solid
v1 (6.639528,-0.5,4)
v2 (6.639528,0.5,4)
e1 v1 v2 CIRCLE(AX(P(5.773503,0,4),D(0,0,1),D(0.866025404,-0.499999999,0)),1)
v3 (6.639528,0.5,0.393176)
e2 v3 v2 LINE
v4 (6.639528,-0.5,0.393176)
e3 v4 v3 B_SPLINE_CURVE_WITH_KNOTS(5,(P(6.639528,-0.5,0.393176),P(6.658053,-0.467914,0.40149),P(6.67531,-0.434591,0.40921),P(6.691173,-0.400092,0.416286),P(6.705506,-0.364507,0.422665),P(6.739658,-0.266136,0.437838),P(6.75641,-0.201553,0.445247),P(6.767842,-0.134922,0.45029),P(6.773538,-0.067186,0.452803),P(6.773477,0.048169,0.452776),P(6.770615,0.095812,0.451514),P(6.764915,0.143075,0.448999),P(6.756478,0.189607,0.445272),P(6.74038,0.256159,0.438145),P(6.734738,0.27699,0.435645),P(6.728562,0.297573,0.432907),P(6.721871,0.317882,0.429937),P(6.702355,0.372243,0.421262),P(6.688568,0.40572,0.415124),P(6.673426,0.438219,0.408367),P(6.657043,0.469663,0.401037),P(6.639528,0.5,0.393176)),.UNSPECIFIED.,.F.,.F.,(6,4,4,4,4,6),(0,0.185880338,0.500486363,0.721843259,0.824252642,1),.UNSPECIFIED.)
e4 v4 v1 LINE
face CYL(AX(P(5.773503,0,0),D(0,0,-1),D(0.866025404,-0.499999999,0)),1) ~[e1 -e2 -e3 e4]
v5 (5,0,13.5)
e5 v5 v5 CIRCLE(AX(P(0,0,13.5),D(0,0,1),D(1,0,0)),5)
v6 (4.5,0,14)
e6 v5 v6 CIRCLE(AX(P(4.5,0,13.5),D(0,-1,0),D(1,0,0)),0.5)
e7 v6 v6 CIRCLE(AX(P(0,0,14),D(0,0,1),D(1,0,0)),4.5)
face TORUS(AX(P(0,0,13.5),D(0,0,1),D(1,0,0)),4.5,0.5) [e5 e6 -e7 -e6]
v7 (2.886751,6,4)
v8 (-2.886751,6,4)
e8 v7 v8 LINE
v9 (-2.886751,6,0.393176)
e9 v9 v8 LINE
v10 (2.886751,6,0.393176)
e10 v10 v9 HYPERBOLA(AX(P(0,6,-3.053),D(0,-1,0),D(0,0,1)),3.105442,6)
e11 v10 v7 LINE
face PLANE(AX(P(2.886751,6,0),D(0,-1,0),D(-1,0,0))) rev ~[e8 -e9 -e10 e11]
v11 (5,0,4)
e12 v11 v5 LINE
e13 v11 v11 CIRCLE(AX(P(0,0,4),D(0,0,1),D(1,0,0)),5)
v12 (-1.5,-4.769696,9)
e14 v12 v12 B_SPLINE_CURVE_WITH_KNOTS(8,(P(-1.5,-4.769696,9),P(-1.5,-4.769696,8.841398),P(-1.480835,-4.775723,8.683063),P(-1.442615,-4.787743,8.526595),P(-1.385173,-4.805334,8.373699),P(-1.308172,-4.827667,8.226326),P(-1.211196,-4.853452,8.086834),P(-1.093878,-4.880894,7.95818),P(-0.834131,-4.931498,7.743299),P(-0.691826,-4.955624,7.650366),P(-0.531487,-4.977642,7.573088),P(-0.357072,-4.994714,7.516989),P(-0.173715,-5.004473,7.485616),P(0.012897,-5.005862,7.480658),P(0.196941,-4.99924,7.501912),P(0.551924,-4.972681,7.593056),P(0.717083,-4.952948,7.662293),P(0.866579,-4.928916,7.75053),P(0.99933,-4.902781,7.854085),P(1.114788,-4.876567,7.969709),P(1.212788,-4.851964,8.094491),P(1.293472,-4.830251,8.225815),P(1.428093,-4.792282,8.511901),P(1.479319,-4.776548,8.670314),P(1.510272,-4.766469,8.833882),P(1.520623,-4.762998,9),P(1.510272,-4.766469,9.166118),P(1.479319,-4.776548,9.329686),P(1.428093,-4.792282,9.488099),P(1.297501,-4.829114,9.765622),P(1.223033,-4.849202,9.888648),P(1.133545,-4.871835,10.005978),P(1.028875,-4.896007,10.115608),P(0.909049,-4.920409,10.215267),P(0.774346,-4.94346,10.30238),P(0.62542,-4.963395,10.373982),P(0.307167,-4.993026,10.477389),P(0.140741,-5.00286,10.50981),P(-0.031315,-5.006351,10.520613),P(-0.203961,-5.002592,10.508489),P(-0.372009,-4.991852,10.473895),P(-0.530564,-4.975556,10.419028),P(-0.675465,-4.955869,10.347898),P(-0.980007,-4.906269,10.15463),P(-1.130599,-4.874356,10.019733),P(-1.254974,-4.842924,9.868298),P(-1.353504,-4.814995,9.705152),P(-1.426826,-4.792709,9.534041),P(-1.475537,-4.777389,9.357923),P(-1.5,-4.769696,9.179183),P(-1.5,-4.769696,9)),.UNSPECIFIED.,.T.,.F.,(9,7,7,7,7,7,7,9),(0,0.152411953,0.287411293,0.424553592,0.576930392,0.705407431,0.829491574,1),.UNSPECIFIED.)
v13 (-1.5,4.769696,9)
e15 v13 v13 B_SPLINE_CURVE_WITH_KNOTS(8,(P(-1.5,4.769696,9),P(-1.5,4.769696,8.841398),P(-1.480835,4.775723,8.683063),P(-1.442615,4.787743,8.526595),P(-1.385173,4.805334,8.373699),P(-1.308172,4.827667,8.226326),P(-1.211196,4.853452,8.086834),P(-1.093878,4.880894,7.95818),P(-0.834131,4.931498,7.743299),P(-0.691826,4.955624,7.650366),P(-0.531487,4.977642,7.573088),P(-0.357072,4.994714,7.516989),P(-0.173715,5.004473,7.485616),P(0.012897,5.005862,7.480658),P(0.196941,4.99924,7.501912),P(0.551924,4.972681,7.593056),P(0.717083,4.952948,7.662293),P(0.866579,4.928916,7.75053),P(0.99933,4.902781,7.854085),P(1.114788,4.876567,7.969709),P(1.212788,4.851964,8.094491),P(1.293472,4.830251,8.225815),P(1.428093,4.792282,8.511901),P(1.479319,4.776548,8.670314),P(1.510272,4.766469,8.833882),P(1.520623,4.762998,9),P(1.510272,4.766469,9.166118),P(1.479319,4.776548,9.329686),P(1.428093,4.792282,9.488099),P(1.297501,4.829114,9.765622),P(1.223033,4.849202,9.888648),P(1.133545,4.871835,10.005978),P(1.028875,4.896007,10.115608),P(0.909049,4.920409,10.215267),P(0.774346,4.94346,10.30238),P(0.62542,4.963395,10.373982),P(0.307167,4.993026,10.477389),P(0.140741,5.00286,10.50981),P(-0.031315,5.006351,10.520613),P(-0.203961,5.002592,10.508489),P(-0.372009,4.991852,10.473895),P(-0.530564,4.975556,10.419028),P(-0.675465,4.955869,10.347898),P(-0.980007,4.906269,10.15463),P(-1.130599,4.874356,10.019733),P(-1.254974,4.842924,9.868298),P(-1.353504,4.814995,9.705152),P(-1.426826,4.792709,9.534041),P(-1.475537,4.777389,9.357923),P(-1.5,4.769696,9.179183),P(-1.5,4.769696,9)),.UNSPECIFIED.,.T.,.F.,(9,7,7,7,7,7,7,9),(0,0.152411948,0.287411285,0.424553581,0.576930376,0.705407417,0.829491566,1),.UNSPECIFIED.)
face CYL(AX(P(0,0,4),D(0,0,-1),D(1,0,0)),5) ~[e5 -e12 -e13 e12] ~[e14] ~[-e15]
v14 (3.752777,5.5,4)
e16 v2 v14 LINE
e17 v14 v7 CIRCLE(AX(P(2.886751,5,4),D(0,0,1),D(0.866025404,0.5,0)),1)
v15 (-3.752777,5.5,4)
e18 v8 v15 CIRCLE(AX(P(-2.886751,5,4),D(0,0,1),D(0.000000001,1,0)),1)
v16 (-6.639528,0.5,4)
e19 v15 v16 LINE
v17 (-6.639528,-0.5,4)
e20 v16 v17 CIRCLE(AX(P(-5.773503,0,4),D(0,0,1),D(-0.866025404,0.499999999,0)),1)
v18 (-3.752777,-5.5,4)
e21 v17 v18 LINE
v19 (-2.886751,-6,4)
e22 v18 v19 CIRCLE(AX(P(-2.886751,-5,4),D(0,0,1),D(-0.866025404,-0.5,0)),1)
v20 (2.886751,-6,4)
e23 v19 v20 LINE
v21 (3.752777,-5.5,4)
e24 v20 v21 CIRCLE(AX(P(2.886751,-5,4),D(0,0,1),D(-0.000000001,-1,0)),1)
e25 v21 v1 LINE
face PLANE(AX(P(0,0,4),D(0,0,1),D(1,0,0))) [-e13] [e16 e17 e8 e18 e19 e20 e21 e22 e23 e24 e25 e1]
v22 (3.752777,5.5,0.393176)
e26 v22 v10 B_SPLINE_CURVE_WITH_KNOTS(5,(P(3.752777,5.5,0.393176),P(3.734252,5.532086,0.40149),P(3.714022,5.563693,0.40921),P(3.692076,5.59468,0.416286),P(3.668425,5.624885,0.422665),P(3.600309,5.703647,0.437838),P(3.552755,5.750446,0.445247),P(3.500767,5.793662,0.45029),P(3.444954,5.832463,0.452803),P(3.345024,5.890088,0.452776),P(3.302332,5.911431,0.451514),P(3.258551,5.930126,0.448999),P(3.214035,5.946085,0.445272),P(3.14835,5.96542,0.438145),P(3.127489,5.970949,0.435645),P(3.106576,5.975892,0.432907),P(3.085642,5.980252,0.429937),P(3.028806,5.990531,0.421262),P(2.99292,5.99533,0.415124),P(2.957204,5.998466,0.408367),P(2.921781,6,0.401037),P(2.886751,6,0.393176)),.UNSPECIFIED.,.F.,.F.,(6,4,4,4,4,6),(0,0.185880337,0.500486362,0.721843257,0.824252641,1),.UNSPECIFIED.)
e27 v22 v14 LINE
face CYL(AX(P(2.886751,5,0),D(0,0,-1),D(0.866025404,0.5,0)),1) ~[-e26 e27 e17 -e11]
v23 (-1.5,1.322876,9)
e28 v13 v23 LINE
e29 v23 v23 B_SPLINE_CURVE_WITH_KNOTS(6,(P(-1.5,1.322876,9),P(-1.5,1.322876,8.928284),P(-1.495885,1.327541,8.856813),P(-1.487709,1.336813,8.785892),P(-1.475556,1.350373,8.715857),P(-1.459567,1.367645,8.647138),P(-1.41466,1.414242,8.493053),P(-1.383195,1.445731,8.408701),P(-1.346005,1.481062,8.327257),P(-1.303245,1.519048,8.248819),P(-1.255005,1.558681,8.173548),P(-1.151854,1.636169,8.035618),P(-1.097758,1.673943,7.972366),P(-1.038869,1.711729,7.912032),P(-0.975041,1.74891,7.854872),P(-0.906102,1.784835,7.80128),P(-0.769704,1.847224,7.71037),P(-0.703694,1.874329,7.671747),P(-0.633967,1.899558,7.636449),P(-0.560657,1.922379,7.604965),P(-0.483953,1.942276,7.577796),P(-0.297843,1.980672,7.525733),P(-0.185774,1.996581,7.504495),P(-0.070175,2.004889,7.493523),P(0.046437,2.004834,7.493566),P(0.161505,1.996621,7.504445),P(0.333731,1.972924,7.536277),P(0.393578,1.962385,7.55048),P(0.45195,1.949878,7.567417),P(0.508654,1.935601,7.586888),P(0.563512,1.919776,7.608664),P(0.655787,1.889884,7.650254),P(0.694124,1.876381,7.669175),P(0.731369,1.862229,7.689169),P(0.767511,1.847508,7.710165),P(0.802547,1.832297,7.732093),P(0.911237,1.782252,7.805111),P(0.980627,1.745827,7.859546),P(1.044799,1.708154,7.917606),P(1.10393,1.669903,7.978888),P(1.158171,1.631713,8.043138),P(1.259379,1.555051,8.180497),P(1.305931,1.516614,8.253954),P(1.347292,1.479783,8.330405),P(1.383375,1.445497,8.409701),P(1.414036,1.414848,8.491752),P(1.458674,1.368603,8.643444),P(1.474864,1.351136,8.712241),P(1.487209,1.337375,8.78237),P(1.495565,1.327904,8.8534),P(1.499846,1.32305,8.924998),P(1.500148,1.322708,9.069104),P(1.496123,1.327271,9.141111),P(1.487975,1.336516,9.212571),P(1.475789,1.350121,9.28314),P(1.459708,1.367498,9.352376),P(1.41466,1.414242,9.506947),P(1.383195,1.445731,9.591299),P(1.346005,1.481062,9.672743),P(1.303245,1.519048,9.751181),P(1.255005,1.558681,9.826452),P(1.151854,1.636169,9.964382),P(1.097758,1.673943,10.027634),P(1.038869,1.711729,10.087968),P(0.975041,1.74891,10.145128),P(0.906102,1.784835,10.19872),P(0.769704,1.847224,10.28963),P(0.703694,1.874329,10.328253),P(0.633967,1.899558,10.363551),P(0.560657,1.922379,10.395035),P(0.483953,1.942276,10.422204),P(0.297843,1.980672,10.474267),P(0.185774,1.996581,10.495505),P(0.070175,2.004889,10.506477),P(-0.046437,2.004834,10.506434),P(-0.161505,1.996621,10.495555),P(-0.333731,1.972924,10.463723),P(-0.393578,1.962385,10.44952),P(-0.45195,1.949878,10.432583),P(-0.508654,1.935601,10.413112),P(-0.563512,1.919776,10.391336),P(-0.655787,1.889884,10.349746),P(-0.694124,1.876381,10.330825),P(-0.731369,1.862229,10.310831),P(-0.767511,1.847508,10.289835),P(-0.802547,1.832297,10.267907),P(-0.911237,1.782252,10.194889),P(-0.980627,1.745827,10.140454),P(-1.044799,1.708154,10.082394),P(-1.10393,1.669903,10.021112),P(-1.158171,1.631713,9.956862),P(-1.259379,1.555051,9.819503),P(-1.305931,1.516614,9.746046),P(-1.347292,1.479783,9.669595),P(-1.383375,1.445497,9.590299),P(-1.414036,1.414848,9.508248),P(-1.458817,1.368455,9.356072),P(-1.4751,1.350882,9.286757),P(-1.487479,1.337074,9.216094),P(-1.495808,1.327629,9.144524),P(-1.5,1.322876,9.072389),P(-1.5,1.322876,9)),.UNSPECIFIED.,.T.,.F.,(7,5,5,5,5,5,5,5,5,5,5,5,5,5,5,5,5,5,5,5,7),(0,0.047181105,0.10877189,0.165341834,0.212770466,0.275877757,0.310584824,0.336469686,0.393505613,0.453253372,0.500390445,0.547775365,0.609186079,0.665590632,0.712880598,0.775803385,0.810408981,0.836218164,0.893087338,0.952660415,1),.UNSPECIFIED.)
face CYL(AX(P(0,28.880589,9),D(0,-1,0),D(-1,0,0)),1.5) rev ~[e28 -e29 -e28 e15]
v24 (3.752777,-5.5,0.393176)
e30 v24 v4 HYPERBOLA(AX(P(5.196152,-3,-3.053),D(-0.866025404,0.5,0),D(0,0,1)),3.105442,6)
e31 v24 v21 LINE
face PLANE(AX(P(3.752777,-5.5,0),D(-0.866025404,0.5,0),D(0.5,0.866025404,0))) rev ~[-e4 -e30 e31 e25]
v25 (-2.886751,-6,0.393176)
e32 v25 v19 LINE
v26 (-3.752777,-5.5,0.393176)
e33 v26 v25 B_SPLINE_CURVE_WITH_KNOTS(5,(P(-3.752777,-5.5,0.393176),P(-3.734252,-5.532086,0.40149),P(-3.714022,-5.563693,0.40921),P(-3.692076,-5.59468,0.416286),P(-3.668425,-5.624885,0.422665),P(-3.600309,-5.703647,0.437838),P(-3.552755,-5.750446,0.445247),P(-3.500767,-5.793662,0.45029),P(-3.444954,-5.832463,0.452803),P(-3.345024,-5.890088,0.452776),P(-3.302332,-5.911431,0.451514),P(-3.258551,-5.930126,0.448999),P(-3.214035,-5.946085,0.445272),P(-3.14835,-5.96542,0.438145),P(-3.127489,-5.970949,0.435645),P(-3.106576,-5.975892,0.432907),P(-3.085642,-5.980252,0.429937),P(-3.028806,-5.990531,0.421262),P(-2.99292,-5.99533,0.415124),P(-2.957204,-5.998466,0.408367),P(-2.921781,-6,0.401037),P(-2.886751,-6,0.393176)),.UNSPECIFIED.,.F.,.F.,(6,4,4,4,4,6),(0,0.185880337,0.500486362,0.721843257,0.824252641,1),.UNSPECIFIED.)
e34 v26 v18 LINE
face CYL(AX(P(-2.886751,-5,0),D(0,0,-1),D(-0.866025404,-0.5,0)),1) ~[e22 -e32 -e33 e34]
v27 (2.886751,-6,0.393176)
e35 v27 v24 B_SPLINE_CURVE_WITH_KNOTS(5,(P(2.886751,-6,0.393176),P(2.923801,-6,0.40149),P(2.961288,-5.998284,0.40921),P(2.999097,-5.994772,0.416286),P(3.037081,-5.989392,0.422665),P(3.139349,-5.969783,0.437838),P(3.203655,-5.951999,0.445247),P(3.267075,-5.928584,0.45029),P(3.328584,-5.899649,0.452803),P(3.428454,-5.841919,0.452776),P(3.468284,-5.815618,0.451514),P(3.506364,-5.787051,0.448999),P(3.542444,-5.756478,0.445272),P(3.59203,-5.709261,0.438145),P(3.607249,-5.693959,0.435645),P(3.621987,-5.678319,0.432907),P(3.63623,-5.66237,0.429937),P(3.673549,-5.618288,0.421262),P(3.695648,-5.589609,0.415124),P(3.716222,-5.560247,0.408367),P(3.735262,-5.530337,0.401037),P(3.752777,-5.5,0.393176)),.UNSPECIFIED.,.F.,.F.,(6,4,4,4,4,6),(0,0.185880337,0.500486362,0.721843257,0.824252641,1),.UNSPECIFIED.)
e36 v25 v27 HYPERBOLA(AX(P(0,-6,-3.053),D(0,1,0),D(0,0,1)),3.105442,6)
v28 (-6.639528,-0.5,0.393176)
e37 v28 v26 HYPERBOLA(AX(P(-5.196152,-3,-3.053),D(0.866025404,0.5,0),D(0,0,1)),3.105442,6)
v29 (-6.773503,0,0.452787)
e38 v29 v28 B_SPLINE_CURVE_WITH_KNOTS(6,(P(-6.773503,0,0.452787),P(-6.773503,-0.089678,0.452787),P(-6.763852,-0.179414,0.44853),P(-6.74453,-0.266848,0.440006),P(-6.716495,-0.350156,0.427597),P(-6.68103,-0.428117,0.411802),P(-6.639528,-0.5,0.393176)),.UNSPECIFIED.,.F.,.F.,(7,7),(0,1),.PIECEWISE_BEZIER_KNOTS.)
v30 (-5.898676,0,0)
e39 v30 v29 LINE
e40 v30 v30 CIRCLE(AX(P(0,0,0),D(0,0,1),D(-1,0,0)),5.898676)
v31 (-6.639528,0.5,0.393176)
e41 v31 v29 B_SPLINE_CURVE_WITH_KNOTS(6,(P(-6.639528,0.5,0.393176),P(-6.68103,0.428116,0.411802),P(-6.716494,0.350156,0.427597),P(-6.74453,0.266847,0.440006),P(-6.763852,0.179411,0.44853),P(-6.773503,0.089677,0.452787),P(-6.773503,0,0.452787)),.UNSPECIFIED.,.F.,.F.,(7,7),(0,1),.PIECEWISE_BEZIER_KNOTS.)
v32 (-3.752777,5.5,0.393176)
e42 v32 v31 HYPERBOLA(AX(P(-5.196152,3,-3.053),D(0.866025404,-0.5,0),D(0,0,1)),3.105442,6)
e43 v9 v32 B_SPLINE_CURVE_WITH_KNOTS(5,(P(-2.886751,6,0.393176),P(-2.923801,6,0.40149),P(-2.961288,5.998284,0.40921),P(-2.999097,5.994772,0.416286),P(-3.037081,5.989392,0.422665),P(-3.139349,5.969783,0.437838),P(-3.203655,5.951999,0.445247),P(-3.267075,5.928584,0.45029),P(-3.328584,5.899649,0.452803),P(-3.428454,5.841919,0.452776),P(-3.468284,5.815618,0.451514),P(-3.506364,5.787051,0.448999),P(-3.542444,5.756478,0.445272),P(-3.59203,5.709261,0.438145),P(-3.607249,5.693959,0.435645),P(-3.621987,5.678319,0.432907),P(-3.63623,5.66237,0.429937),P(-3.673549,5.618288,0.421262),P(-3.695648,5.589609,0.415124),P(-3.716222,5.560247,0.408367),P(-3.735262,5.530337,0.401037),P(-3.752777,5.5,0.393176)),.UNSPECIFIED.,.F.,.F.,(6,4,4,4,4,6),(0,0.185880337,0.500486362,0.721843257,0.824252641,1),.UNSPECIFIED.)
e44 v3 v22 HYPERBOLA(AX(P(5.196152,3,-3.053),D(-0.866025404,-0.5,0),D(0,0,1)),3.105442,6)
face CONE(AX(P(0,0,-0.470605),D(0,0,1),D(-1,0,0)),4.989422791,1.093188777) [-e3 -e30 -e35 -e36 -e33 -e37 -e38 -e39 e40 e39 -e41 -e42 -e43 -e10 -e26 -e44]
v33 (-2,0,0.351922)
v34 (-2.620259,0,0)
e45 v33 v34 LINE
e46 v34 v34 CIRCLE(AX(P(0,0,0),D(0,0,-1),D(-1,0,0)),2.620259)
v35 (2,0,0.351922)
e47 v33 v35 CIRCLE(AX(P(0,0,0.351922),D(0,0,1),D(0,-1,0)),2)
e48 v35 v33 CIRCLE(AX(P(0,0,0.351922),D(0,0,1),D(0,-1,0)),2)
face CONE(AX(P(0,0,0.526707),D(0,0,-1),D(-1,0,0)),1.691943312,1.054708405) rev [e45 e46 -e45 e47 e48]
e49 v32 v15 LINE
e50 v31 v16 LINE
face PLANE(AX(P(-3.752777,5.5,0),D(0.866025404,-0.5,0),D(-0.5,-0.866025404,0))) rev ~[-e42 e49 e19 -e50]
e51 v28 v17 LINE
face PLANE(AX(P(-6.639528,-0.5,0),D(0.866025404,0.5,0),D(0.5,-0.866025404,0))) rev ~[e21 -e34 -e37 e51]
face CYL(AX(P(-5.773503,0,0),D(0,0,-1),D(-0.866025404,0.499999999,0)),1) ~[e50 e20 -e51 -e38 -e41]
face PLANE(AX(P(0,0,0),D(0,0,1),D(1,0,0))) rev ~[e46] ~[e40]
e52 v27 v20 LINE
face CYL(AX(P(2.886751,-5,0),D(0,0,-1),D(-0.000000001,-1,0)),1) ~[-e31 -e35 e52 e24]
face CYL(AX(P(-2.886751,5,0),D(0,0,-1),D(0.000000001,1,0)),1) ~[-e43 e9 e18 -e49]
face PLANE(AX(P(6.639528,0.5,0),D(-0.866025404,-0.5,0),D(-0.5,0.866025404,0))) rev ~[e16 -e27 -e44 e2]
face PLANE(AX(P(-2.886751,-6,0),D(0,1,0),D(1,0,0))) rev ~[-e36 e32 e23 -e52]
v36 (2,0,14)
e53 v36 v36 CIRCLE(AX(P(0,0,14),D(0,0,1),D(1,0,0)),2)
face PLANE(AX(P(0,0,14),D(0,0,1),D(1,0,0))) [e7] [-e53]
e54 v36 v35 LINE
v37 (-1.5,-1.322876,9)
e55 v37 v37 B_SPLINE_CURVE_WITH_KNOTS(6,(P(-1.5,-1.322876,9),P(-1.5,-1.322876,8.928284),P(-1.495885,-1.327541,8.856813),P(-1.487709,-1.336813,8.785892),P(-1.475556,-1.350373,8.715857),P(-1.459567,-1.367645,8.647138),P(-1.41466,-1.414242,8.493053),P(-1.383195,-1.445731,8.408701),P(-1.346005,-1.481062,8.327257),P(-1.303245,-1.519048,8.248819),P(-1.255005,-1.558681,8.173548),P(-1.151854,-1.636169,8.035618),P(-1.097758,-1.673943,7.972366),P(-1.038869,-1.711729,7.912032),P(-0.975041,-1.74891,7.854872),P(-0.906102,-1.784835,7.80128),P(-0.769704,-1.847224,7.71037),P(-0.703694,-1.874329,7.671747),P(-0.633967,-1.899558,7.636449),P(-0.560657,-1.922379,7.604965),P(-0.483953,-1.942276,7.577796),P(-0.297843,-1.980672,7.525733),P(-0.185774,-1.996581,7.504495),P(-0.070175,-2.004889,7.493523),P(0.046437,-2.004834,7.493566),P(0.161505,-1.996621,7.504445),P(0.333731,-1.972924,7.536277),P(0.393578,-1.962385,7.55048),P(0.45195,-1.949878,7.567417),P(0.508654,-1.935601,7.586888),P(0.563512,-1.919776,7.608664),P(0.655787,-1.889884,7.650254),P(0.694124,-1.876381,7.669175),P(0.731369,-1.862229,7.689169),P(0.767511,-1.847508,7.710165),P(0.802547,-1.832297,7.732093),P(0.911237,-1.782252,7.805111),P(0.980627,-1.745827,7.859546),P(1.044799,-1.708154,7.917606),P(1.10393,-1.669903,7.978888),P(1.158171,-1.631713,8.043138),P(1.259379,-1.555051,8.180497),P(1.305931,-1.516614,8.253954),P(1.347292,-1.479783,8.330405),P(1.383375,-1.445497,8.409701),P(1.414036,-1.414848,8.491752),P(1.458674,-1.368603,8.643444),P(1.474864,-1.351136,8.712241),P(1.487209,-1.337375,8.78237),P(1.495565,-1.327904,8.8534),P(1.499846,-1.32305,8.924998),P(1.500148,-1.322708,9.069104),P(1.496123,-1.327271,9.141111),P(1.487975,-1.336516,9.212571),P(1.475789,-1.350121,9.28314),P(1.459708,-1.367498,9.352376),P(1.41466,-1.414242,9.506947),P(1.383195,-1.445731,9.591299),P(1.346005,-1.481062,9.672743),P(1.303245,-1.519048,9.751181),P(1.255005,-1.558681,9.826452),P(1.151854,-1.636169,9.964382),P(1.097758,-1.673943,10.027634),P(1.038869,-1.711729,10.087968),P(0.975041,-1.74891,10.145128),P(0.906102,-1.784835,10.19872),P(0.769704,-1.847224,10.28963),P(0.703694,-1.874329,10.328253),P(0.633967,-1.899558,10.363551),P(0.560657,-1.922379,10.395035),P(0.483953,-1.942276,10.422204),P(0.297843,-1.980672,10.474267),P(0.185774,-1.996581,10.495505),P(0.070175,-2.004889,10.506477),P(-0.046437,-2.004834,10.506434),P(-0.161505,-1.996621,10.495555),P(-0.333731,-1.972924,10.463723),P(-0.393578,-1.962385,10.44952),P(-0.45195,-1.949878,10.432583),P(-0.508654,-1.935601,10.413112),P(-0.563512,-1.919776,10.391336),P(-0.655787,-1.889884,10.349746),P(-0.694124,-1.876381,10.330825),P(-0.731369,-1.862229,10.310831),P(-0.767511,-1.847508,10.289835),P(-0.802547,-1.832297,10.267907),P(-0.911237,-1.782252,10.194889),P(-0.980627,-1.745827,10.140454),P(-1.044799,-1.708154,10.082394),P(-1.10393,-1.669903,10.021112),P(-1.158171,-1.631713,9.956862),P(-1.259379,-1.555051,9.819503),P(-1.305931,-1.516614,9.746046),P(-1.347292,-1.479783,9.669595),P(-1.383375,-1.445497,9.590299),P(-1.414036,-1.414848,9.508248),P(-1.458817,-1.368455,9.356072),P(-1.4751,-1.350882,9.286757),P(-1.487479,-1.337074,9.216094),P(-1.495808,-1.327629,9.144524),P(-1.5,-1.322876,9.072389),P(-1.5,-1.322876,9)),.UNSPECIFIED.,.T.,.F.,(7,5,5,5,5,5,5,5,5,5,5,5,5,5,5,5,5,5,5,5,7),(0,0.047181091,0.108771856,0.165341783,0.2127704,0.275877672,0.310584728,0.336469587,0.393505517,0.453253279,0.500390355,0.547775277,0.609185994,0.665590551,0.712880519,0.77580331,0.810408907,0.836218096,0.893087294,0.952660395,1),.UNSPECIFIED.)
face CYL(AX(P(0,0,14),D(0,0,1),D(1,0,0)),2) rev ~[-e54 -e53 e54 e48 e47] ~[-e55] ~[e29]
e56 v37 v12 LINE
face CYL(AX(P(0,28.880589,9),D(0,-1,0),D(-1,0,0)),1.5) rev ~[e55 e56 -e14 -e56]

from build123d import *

# Parameters (mm, degrees)
BOSS_EXTRUDE1_DEPTH   = 4
SKETCH2_R             = 5
BOSS_EXTRUDE2_DEPTH   = 10
SKETCH3_R             = 2
CUT_EXTRUDE1_DEPTH    = 15
F_3_0MM_DOWEL_SLOT5_D = 3
FILLET1_R             = 0.5


with BuildPart() as part:
    # Sketch1 → Boss-Extrude1 (new body)
    with BuildSketch(Plane.XY):
        with BuildLine():
            Line((-2.886751346, -6), (2.886751346, -6))
            ThreePointArc((2.886751346, -6), (3.386751346, -5.866025404), (3.75277675, -5.5))
            Line((3.75277675, -5.5), (6.639528096, -0.5))
            ThreePointArc((6.639528096, -0.5), (6.773502692, 0), (6.639528096, 0.5))
            Line((6.639528096, 0.5), (3.75277675, 5.5))
            ThreePointArc((3.75277675, 5.5), (3.386751346, 5.866025404), (2.886751346, 6))
            Line((2.886751346, 6), (-2.886751346, 6))
            ThreePointArc((-2.886751346, 6), (-3.386751346, 5.866025404), (-3.75277675, 5.5))
            Line((-3.75277675, 5.5), (-6.639528096, 0.5))
            ThreePointArc((-6.639528096, 0.5), (-6.773502692, 0), (-6.639528096, -0.5))
            Line((-6.639528096, -0.5), (-3.75277675, -5.5))
            ThreePointArc((-3.75277675, -5.5), (-3.386751346, -5.866025404), (-2.886751346, -6))
        make_face()
    extrude(amount=BOSS_EXTRUDE1_DEPTH)

    # Sketch2 → Boss-Extrude2 (add)
    with BuildSketch(Plane.XY.offset(4)):
        Circle(SKETCH2_R)
    extrude(amount=BOSS_EXTRUDE2_DEPTH)

    # Sketch3 → Cut-Extrude1 (cut, through all)
    with BuildSketch(Plane.XY.offset(14)):
        Circle(SKETCH3_R)
    extrude(amount=-CUT_EXTRUDE1_DEPTH, mode=Mode.SUBTRACT)

    # Ø3.0mm Dowel Slot5 (through all)
    with Locations(Plane(origin=(0, 6, 0), x_dir=(1, 0, 0), z_dir=(0, 1, 0))):
        with Locations((0, -9)):
            Hole(F_3_0MM_DOWEL_SLOT5_D / 2)

    # Fillet1
    fillet1_edges = [part.edges().sort_by_distance(p)[0] for p in [
        (-5, 0, 14),
    ]]
    fillet(fillet1_edges, radius=FILLET1_R)

    # Sketch12 → Cut-Revolve1 (revolve, cut)
    with BuildSketch(Plane(origin=(0, 0, 0), x_dir=(1, 0, 0), z_dir=(0, 1, 0))):
        Polygon((0, 0), (0, -0.526706506), (-1.691943312, -0.526706506), (-3.449696503, 0.470605478), (-4.989422791, 0.470605478), (-6.968108857, -0.553510453), (-7.302945228, -0.553510453), (-7.302945228, 1.336347729), (0, 1.336347729), align=None)
    revolve(axis=Axis((0, 0, -3.230240026), (0, 0, 1)), mode=Mode.SUBTRACT)


solid = part.part
